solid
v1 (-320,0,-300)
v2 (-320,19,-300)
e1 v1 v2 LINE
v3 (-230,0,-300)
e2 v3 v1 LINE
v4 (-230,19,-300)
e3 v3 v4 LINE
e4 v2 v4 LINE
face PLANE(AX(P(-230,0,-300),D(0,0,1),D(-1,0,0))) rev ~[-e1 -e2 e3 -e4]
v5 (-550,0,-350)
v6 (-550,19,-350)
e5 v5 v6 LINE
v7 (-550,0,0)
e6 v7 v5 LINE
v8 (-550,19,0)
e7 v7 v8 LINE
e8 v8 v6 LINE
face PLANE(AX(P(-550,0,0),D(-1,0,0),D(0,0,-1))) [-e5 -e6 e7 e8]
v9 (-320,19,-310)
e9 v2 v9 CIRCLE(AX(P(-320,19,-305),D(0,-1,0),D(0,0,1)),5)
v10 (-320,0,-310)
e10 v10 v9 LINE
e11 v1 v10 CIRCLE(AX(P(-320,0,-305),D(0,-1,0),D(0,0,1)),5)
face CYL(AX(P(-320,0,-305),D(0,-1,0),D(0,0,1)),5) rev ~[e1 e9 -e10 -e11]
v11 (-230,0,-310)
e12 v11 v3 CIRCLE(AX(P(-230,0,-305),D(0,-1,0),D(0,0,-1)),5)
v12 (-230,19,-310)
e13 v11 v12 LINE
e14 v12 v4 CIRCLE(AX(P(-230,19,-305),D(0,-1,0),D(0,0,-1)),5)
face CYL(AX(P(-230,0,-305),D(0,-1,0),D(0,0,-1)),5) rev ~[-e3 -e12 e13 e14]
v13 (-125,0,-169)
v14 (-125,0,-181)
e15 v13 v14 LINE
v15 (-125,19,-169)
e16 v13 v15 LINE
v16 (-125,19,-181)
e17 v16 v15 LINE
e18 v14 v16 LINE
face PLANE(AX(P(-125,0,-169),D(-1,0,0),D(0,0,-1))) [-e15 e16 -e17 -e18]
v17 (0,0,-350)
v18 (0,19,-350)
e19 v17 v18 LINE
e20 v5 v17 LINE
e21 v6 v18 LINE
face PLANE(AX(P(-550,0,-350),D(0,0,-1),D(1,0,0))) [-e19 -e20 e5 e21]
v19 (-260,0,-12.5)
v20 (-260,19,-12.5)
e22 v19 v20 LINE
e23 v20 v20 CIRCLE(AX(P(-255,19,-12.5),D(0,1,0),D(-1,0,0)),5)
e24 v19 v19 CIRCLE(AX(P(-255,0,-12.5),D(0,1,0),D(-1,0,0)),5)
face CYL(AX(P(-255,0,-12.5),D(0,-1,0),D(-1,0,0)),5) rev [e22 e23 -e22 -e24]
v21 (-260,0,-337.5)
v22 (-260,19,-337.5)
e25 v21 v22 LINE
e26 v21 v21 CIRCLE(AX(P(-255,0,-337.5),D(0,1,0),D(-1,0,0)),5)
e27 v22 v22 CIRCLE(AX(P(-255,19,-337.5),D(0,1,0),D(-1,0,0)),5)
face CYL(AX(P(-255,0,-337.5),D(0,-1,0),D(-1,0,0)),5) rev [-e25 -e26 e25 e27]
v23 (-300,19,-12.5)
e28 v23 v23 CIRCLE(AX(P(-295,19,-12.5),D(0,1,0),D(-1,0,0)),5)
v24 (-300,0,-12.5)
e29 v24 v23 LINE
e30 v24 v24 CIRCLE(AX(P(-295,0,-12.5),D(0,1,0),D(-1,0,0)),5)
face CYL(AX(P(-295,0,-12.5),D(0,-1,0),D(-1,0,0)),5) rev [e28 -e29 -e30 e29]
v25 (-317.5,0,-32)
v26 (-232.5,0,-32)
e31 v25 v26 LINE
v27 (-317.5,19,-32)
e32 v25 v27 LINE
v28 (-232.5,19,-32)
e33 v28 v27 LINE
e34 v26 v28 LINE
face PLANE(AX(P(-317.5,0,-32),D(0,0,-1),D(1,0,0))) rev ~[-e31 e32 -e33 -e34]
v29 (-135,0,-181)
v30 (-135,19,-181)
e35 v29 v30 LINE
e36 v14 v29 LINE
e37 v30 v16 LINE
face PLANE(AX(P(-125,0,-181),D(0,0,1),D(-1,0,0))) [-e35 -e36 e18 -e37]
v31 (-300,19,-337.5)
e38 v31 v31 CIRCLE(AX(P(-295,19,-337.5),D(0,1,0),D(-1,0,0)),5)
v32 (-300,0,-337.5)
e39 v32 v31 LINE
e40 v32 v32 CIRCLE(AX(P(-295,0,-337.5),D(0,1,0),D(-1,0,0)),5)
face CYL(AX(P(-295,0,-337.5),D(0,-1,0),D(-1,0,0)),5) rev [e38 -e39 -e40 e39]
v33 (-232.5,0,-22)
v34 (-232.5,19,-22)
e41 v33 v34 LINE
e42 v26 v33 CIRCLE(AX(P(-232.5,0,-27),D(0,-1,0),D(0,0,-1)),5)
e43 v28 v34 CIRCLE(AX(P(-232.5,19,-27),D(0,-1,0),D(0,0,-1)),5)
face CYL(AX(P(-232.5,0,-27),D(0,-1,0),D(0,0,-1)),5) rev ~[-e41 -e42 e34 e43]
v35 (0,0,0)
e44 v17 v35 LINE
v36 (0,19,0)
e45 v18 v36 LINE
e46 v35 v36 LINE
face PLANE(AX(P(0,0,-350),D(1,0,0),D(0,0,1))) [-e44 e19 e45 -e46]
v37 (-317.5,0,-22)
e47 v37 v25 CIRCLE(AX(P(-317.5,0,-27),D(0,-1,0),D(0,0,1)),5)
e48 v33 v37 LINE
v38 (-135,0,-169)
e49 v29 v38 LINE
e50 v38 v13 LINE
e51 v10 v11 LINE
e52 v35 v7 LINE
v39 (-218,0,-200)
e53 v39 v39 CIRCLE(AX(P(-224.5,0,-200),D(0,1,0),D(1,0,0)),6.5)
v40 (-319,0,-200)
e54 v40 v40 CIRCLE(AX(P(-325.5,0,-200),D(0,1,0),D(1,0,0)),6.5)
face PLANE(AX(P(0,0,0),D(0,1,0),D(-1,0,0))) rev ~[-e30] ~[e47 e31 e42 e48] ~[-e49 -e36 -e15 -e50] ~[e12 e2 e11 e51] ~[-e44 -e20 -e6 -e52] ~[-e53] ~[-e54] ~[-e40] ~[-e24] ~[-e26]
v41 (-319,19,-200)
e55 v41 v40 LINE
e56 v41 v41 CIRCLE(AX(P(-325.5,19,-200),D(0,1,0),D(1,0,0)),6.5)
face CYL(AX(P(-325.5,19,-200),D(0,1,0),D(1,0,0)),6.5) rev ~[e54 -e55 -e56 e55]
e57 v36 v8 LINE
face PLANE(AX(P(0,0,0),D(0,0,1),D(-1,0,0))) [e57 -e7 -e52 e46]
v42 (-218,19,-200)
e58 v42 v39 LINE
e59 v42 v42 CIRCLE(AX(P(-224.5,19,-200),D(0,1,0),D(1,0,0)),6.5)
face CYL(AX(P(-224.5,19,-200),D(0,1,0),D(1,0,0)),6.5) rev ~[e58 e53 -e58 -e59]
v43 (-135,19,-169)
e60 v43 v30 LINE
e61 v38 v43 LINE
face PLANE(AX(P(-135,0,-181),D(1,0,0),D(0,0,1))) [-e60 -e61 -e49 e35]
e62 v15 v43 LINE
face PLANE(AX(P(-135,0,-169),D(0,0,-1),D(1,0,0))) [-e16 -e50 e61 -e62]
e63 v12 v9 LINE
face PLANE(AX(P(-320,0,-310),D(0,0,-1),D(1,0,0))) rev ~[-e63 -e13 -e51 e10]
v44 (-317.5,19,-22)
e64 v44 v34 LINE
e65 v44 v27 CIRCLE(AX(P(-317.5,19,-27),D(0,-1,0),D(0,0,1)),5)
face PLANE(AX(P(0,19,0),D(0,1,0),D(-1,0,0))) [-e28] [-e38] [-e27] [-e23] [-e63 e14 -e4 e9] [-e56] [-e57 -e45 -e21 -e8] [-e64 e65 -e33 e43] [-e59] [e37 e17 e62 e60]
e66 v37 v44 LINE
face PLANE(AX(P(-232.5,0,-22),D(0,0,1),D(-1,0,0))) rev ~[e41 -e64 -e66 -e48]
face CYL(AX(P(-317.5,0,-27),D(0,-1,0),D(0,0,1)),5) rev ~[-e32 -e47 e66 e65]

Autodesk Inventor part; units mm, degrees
ref_plane "YZ Plane" through (0, 0, 0) normal (1, 0, 0) x (0, 1, 0)
ref_plane "XZ Plane" through (0, 0, 0) normal (0, 1, 0) x (-1, 0, 0)
ref_plane "XY Plane" through (0, 0, 0) normal (0, 0, 1) x (1, 0, 0)
sketch "Boceto1" plane through (0, 0, 0) normal (0, 1, 0) x (-1, 0, 0)
  line L0 (0, 0) -> (550, 0)
  line L1 (550, 0) -> (550, -350)
  line L2 (550, -350) -> (0, -350)
  line L3 (0, -350) -> (0, 0)
  line L4 (0, -175) -> (550, -175) construction
  line L5 (275, -350) -> (275, 0) construction
  circle A0 centre (255, -12.5) radius 5
  circle A1 centre (295, -12.5) radius 5
  circle A2 centre (255, -337.5) radius 5
  circle A3 centre (295, -337.5) radius 5
  dimension "d0" = 350
  dimension "d1" = 550
  dimension "d83" = 12.5
  dimension "d84" = 10
  dimension "d85" = 20
  dimension "d88" = 40
  dimension "d95" = 325
extrude "Extrusión10" add sketch "Boceto1" along normal blind 19
sketch "Boceto8" plane through (0, 19, 0) normal (0, 1, 0) x (1, 0, 0)
  line L0 (-550, 0) -> (0, 0) construction
  line L1 (-275, 0) -> (-275, 350) construction
  line L2 (0, 350) -> (-550, 350) construction
  circle A0 centre (-224.5, 200) radius 6.5
  circle A1 centre (-325.5, 200) radius 6.5
  dimension "d102" = 101
  dimension "d103" = 50.5
  dimension "d104" = 13
  dimension "d116" = 150
extrude "Extrusión11" cut sketch "Boceto8" against normal through all
sketch "Boceto9" plane through (0, 0, 0) normal (0, -1, 0) x (1, 0, 0)
  line L0 (0, -305) -> (-550, -305) construction
  line L1 (-550, -350) -> (-550, 0) construction
  line L2 (0, -350) -> (-550, -350) construction
  line L3 (-230, -305) -> (-320, -305) construction
  line L4 (-230, -300) -> (-320, -300)
  line L5 (-320, -310) -> (-230, -310)
  arc A0 (-230, -310) -> (-230, -300) centre (-230, -305) ccw
  arc A1 (-320, -300) -> (-320, -310) centre (-320, -305) ccw
  line L6 (0, 0) -> (0, -350) construction
  line L7 (0, 0) -> (0, -350) projected
  line L8 (0, -27) -> (-550, -27) construction
  line L9 (-550, 0) -> (0, 0) projected
  line L10 (-232.5, -27) -> (-317.5, -27) construction
  line L11 (-232.5, -22) -> (-317.5, -22)
  line L12 (-317.5, -32) -> (-232.5, -32)
  arc A2 (-232.5, -32) -> (-232.5, -22) centre (-232.5, -27) ccw
  arc A3 (-317.5, -22) -> (-317.5, -32) centre (-317.5, -27) ccw
  point P0 (-275, -305)
  point P1 (-275, -305)
  point P2 (-275, -27)
  point P3 (-275, -27)
  dimension "d108" = 45
  dimension "d109" = 10
  dimension "d110" = 90
  dimension "d111" = 27
  dimension "d112" = 10
  dimension "d113" = 85
extrude "Extrusión12" cut sketch "Boceto9" against normal through all
sketch "Sketch10" plane through (0, 0, 0) normal (0, -1, 0) x (1, 0, 0)
  line L0 (-135, -169) -> (-125, -169)
  line L1 (-125, -169) -> (-125, -181)
  line L2 (-125, -181) -> (-135, -181)
  line L3 (-135, -181) -> (-135, -169)
  circle A0 centre (-295, -337.5) radius 5 projected
  line L4 (-550, -350) -> (-550, 0) projected
  circle A1 centre (-255, -337.5) radius 5 projected
  point P0 (0, 0)
  point P1 (-135, -175)
  point P2 (-550, -175)
  dimension "d117" = 10
  dimension "d118" = 12
  dimension "d122" = 120
extrude "Extrusion13" cut sketch "Sketch10" against normal through all contours L0 L1 L2 L3
properties part number "mesa" material "MDF Tablero de fibras de densidad media"
